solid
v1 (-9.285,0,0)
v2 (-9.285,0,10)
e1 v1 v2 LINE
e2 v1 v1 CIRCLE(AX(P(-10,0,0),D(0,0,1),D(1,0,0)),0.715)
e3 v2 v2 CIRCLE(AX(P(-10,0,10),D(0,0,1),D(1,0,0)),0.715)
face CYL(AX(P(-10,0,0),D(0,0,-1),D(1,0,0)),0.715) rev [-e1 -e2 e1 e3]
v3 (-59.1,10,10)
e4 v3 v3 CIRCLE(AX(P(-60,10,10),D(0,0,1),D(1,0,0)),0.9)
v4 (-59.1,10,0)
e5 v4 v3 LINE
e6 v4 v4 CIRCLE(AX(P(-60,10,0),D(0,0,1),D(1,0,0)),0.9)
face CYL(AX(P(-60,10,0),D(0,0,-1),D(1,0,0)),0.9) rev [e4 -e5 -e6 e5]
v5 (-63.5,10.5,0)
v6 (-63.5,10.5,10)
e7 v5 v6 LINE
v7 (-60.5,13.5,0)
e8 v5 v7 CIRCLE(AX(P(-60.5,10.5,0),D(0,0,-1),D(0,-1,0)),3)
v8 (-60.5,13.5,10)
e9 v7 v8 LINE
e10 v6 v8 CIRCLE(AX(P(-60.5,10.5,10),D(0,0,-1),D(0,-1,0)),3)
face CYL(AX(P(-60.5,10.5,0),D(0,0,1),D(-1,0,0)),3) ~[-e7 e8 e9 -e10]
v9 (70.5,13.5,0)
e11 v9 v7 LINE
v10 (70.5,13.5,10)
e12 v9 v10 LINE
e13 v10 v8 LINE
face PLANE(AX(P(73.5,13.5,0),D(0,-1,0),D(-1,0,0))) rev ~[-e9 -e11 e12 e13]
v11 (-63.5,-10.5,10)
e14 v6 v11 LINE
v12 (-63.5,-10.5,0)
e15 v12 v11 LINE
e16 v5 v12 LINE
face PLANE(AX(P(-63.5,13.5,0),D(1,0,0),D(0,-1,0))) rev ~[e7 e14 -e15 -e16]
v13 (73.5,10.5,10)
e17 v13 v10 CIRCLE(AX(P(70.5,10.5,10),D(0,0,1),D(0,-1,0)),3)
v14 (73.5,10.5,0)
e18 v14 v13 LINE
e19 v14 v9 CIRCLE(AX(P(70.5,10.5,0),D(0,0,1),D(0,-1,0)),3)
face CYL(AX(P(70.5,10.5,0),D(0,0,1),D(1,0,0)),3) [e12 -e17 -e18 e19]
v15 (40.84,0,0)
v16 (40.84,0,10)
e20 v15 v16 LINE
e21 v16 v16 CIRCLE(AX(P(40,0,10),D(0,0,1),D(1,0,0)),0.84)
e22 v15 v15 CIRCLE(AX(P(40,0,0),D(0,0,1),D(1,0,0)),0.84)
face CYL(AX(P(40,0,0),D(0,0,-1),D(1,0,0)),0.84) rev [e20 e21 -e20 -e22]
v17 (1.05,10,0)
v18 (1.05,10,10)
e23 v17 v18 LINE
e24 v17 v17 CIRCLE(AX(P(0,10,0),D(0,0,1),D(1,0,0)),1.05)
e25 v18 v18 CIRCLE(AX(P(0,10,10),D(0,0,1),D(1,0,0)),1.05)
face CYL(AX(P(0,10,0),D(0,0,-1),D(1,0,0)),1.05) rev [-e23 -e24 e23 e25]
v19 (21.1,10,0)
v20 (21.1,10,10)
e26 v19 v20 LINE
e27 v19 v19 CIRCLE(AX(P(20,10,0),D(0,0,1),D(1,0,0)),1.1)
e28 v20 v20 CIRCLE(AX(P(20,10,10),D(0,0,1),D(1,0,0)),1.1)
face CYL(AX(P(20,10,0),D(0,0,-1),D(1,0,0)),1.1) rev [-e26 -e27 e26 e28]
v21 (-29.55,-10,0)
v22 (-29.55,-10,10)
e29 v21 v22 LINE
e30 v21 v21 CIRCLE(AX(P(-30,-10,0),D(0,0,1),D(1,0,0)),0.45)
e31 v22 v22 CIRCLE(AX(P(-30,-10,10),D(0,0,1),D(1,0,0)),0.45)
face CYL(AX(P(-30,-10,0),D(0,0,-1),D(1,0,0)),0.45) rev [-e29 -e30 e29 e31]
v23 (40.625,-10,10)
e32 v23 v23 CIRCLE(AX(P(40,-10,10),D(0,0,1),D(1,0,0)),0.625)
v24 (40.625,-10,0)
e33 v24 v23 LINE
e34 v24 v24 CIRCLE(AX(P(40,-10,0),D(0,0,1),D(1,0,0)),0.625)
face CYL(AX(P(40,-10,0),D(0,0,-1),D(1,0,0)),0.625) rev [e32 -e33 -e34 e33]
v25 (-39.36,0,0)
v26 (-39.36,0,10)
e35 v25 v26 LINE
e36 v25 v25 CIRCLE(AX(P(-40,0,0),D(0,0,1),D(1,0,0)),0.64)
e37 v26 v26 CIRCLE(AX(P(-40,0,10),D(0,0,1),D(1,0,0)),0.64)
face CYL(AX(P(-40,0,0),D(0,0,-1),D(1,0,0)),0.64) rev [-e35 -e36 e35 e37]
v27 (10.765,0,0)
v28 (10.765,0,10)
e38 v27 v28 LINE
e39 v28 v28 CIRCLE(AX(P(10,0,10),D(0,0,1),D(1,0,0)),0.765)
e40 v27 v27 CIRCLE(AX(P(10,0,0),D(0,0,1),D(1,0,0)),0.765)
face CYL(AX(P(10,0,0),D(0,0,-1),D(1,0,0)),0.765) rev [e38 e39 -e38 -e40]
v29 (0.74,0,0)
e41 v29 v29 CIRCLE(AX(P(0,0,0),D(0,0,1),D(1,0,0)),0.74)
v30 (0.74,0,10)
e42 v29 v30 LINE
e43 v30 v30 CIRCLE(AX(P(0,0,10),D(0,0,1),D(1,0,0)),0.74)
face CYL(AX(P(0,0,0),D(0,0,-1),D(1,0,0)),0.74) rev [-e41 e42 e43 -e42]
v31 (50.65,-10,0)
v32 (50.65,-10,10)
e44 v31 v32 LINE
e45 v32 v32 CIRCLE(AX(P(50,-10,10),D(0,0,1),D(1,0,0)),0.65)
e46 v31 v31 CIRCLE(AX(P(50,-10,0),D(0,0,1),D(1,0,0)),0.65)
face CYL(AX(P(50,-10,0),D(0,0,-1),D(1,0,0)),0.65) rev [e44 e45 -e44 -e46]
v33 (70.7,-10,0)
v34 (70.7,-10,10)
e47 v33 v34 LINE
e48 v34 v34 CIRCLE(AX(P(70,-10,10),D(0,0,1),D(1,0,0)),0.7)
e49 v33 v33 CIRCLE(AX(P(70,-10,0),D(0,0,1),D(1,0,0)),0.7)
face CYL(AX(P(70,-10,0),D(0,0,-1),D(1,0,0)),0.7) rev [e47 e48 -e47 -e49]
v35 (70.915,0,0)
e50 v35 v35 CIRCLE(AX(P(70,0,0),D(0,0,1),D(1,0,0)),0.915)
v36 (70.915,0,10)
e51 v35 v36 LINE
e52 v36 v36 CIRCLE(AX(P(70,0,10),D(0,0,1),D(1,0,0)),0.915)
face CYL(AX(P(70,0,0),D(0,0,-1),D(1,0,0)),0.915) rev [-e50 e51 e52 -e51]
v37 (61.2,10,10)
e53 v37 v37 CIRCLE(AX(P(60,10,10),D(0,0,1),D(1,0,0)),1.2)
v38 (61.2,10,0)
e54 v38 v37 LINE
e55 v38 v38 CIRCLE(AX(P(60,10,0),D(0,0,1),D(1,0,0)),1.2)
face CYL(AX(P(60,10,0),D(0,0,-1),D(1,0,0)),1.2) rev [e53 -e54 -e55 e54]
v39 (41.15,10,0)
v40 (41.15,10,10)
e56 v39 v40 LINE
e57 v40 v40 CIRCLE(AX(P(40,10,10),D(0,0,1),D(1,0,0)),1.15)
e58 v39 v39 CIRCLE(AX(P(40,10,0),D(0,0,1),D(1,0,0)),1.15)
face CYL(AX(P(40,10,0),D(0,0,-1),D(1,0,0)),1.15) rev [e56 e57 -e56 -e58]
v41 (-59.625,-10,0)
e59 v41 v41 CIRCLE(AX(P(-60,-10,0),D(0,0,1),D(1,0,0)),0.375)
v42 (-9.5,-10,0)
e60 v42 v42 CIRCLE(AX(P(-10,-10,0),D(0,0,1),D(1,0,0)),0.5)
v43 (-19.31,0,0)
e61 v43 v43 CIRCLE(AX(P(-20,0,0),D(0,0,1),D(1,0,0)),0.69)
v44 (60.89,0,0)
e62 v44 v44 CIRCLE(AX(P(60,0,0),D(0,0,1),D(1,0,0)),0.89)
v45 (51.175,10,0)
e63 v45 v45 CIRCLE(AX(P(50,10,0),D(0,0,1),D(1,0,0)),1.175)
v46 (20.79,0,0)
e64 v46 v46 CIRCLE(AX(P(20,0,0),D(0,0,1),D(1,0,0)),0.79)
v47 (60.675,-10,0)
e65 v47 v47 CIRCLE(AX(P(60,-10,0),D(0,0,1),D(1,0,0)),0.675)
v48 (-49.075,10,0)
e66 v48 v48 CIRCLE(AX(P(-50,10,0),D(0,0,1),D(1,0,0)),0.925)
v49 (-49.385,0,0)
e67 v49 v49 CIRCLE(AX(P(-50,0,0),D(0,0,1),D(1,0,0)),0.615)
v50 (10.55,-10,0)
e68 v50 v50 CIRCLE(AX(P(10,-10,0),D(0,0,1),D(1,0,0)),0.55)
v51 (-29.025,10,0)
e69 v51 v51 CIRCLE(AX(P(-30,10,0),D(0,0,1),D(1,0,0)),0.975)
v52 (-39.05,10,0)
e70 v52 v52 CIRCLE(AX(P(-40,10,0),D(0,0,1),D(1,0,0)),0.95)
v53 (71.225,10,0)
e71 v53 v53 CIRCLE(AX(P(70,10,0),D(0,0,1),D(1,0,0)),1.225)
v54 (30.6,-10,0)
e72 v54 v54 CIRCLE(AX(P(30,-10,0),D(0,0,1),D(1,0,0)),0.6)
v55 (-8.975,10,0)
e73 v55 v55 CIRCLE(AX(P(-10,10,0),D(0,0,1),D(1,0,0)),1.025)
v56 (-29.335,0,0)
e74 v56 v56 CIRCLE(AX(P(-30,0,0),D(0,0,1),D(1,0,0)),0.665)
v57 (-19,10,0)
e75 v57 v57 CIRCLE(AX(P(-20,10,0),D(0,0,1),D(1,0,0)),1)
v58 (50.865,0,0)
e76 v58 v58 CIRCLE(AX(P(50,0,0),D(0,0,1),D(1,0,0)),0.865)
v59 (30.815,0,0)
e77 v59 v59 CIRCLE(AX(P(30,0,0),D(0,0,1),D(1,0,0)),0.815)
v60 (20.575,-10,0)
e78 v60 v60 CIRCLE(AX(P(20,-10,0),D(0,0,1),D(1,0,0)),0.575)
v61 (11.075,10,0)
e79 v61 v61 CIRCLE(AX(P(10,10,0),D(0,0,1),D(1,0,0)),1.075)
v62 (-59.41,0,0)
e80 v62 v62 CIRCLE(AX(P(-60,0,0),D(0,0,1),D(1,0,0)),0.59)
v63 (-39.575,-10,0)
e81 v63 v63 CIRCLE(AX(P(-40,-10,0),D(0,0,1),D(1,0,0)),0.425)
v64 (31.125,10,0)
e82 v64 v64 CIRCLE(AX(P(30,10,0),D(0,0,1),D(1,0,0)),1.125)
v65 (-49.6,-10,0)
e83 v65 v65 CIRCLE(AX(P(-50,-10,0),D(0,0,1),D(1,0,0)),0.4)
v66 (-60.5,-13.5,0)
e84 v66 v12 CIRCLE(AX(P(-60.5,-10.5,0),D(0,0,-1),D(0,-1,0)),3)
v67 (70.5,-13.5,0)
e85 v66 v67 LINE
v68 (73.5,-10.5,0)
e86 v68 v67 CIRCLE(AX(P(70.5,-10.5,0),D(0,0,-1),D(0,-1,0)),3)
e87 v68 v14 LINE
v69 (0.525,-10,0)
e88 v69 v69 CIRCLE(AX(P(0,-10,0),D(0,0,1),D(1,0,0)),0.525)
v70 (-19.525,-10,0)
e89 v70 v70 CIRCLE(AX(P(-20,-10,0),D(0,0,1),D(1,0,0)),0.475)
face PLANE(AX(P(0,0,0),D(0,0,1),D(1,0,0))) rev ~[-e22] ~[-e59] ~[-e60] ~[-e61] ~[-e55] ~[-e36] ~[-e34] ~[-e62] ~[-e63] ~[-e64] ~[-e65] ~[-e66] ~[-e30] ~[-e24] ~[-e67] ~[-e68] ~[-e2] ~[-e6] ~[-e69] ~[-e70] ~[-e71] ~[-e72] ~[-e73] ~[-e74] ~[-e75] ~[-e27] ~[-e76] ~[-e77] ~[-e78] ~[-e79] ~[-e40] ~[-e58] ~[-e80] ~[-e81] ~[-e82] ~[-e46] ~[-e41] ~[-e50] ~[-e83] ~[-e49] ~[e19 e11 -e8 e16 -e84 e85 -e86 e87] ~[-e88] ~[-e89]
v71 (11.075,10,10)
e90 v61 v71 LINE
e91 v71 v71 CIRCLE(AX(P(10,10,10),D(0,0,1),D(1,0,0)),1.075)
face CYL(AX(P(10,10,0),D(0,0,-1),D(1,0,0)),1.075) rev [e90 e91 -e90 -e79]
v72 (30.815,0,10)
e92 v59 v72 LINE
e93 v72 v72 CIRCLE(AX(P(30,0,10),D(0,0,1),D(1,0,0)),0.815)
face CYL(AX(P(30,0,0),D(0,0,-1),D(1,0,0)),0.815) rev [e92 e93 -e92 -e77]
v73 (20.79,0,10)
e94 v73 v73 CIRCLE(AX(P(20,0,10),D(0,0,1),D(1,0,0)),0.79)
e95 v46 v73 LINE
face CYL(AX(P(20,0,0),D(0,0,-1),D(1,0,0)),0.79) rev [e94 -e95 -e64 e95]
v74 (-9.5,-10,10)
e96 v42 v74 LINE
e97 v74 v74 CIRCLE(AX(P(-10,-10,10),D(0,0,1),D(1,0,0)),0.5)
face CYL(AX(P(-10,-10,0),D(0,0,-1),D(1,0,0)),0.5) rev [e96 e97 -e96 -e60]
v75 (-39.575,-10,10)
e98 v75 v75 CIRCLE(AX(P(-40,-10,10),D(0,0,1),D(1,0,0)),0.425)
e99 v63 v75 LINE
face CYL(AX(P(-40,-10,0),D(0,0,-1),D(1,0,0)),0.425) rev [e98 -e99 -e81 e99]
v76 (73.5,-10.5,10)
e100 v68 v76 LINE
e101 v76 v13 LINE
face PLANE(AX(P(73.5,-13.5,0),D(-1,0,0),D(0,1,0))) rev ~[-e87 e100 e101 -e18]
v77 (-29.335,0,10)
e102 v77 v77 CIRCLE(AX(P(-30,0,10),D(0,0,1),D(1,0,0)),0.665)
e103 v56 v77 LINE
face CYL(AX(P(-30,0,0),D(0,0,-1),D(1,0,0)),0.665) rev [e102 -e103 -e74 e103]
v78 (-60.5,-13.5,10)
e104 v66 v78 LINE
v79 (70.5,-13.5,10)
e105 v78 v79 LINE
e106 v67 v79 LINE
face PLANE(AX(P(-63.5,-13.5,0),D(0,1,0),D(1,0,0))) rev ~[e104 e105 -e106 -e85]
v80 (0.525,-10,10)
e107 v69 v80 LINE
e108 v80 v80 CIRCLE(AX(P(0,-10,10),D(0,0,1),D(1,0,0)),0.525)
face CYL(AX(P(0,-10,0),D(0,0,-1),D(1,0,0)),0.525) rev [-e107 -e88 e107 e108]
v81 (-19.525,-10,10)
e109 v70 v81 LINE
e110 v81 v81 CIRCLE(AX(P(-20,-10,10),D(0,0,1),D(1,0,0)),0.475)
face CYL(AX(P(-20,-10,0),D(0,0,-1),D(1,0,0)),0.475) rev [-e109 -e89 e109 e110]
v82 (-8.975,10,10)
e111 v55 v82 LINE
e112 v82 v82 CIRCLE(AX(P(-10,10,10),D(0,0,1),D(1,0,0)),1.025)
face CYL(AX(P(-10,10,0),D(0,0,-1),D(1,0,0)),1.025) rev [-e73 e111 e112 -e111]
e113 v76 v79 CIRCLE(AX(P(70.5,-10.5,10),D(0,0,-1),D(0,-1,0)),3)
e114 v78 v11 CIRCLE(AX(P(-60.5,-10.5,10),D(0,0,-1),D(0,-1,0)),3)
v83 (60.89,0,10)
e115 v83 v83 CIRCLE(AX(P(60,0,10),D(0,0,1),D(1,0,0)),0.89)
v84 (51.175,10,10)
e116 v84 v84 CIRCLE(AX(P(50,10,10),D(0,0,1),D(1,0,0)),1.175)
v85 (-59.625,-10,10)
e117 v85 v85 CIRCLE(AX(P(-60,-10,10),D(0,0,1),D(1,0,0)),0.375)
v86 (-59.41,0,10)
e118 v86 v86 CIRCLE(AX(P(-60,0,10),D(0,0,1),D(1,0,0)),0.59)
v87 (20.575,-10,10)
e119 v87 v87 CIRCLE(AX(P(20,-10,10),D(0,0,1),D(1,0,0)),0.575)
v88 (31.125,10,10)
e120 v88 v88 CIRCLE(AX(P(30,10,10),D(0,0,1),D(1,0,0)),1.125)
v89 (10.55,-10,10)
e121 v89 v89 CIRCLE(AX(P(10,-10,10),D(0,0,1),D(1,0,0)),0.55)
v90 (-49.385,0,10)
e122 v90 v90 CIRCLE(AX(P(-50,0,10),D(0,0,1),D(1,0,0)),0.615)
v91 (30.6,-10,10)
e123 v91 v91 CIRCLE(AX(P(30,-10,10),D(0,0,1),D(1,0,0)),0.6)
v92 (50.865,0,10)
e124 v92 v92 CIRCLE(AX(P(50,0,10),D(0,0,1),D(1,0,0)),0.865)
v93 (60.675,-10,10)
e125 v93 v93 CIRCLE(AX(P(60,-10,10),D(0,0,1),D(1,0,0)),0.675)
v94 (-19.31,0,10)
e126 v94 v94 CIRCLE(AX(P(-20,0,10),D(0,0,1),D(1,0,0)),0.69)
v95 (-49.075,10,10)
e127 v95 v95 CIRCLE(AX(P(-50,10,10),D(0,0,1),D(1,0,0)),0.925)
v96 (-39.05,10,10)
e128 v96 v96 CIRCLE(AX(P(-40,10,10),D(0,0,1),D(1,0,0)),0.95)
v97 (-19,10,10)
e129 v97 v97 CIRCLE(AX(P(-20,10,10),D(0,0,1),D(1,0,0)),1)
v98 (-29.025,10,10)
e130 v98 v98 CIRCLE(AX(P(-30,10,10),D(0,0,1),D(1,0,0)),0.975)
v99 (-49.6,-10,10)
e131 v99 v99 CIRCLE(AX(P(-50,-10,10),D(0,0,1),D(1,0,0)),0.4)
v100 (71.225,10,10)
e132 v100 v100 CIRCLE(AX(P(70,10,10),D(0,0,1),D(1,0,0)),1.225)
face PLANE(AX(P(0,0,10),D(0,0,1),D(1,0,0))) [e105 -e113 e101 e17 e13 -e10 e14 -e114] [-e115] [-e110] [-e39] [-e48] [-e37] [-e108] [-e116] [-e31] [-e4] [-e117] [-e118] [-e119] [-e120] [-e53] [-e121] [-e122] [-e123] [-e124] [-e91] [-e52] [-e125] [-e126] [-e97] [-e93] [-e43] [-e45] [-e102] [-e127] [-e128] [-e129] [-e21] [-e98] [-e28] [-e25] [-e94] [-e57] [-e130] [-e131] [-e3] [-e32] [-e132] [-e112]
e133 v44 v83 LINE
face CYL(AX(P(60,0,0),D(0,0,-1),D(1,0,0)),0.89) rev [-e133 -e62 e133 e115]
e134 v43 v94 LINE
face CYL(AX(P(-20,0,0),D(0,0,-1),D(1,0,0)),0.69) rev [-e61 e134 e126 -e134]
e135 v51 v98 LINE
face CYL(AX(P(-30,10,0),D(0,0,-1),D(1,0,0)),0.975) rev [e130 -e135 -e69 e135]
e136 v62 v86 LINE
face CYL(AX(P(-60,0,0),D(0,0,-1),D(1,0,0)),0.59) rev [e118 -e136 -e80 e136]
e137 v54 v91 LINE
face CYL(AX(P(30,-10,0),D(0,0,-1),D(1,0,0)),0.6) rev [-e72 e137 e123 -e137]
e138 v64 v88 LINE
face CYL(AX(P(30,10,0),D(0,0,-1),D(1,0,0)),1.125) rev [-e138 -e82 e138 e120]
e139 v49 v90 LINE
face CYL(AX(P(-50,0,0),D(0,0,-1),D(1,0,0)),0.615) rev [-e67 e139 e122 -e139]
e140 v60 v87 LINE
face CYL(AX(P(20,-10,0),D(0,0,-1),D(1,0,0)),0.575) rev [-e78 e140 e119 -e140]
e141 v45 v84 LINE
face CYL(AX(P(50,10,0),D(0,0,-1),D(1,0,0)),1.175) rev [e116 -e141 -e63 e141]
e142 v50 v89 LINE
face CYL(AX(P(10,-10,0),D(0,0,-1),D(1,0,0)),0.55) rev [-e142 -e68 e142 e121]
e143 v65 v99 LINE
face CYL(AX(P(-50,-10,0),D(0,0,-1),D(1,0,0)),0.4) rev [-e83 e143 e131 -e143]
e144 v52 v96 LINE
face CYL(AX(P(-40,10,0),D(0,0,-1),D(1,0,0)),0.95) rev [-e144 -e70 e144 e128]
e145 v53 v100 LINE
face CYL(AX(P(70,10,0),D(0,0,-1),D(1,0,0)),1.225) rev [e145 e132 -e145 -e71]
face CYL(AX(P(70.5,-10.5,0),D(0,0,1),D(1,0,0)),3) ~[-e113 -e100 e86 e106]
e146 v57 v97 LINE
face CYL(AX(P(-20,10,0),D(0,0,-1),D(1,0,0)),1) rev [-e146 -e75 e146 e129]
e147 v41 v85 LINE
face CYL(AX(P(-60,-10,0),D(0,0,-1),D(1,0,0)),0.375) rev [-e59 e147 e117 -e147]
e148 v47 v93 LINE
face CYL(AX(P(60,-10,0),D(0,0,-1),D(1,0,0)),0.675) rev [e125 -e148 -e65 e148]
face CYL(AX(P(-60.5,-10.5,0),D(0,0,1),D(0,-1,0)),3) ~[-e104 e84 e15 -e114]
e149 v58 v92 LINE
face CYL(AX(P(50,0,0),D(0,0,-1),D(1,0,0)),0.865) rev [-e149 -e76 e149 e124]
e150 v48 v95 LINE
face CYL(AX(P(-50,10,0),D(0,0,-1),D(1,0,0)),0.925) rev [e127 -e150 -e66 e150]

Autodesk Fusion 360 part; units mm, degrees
sketch "Sketch1" plane through (0, 0, 0) normal (0, 0, 1) x (1, 0, 0)
  circle A0 centre (0, 0) radius 0.74
  circle A1 centre (10, 0) radius 0.765
  circle A2 centre (20, 0) radius 0.79
  circle A3 centre (30, 0) radius 0.815
  circle A4 centre (40, 0) radius 0.84
  line L0 (0, 0) -> (10, 0) construction
  line L1 (10, 0) -> (20, 0) construction
  line L2 (20, 0) -> (30, 0) construction
  line L3 (30, 0) -> (40, 0) construction
  circle A5 centre (50, 0) radius 0.865
  circle A6 centre (60, 0) radius 0.89
  circle A7 centre (70, 0) radius 0.915
  line L4 (40, 0) -> (50, 0) construction
  line L5 (50, 0) -> (60, 0) construction
  line L6 (60, 0) -> (70, 0) construction
  line L7 (-50, 0) -> (-40, 0) construction
  line L8 (-40, 0) -> (-30, 0) construction
  circle A8 centre (-40, 0) radius 0.64
  line L9 (-10, 0) -> (0, 0) construction
  circle A9 centre (-50, 0) radius 0.615
  circle A10 centre (-30, 0) radius 0.665
  circle A11 centre (-60, 0) radius 0.59
  circle A12 centre (-20, 0) radius 0.69
  line L10 (-30, 0) -> (-20, 0) construction
  line L11 (-60, 0) -> (-50, 0) construction
  line L12 (-20, 0) -> (-10, 0) construction
  circle A13 centre (-10, 0) radius 0.715
  line L13 (0, 0) -> (0, 10) construction
  circle A14 centre (-40, 10) radius 0.95
  line L14 (-50, 10) -> (-40, 10) construction
  line L15 (20, 10) -> (30, 10) construction
  circle A15 centre (20, 10) radius 1.1
  line L16 (-30, 10) -> (-20, 10) construction
  circle A16 centre (0, 10) radius 1.05
  circle A17 centre (-50, 10) radius 0.925
  line L17 (-60, 10) -> (-50, 10) construction
  line L18 (40, 10) -> (50, 10) construction
  line L19 (-40, 10) -> (-30, 10) construction
  circle A18 centre (10, 10) radius 1.075
  circle A19 centre (-30, 10) radius 0.975
  line L20 (-20, 10) -> (-10, 10) construction
  circle A20 centre (60, 10) radius 1.2
  circle A21 centre (70, 10) radius 1.225
  line L21 (60, 10) -> (70, 10) construction
  circle A22 centre (30, 10) radius 1.125
  line L22 (50, 10) -> (60, 10) construction
  circle A23 centre (40, 10) radius 1.15
  circle A24 centre (50, 10) radius 1.175
  line L23 (30, 10) -> (40, 10) construction
  circle A25 centre (-10, 10) radius 1.025
  line L24 (-10, 10) -> (0, 10) construction
  line L25 (0, 10) -> (10, 10) construction
  circle A26 centre (-20, 10) radius 1
  circle A27 centre (-60, 10) radius 0.9
  line L26 (10, 10) -> (20, 10) construction
  line L27 (0, 0) -> (0, -10) construction
  line L28 (0, -10) -> (10, -10) construction
  circle A28 centre (30, -10) radius 0.6
  circle A29 centre (20, -10) radius 0.575
  circle A30 centre (40, -10) radius 0.625
  line L29 (50, -10) -> (60, -10) construction
  circle A31 centre (70, -10) radius 0.7
  circle A32 centre (10, -10) radius 0.55
  line L30 (20, -10) -> (30, -10) construction
  circle A33 centre (0, -10) radius 0.525
  line L31 (-20, -10) -> (-10, -10) construction
  circle A34 centre (-10, -10) radius 0.5
  circle A35 centre (-20, -10) radius 0.475
  line L32 (-10, -10) -> (0, -10) construction
  circle A36 centre (-40, -10) radius 0.425
  circle A37 centre (-60, -10) radius 0.375
  line L33 (-60, -10) -> (-50, -10) construction
  line L34 (-30, -10) -> (-20, -10) construction
  circle A38 centre (-50, -10) radius 0.4
  line L35 (-40, -10) -> (-30, -10) construction
  line L36 (-50, -10) -> (-40, -10) construction
  circle A39 centre (-30, -10) radius 0.45
  circle A40 centre (50, -10) radius 0.65
  line L37 (10, -10) -> (20, -10) construction
  line L38 (40, -10) -> (50, -10) construction
  line L39 (60, -10) -> (70, -10) construction
  line L40 (30, -10) -> (40, -10) construction
  circle A41 centre (60, -10) radius 0.675
  line L41 (73.5, 13.5) -> (-63.5, 13.5)
  line L42 (-63.5, 13.5) -> (-63.5, -13.5)
  line L43 (-63.5, -13.5) -> (73.5, -13.5)
  line L44 (73.5, -13.5) -> (73.5, 13.5)
  line L45 (73.5, 13.5) -> (-63.5, -13.5) construction
  line L46 (-63.5, 13.5) -> (73.5, -13.5) construction
  point P0 (-60, 0)
  point P1 (-60, 10)
  point P2 (0, 10)
  point P3 (0, 10)
  point P4 (0, -10)
  point P5 (-60, -10)
  point P6 (0, -10)
  point P7 (0, -10)
  point P8 (5, 0)
  dimension "d1" = 1.48
  dimension "d2" = 10
  dimension "d3" = 1.53
  dimension "d4" = 1.58
  dimension "d5" = 1.63
  dimension "d6" = 1.68
  dimension "d7" = 1.73
  dimension "d8" = 1.78
  dimension "d9" = 1.83
  dimension "d10" = 1.18
  dimension "d11" = 10
  dimension "d12" = 1.23
  dimension "d13" = 1.28
  dimension "d14" = 1.33
  dimension "d15" = 1.38
  dimension "d16" = 1.43
  dimension "d18" = 10
  dimension "d19" = 2.1
  dimension "d20" = 10
  dimension "d21" = 2.15
  dimension "d22" = 2.2
  dimension "d23" = 2.25
  dimension "d24" = 2.3
  dimension "d25" = 2.35
  dimension "d26" = 2.4
  dimension "d27" = 2.45
  dimension "d28" = 1.8
  dimension "d29" = 10
  dimension "d30" = 1.85
  dimension "d31" = 1.9
  dimension "d32" = 1.95
  dimension "d33" = 2
  dimension "d34" = 2.05
  dimension "d35" = 1.05
  dimension "d36" = 10
  dimension "d37" = 1.1
  dimension "d38" = 1.15
  dimension "d39" = 1.2
  dimension "d40" = 1.25
  dimension "d41" = 1.3
  dimension "d42" = 1.35
  dimension "d43" = 1.4
  dimension "d44" = 0.75
  dimension "d45" = 10
  dimension "d46" = 0.8
  dimension "d47" = 0.85
  dimension "d48" = 0.9
  dimension "d49" = 0.95
  dimension "d50" = 1
  dimension "d51" = 137
  dimension "d52" = 27
extrude "Extrude1" add sketch "Sketch1" along normal blind 10
fillet "Fillet1" radius 3 4 edges at (73.5, -13.5, 5) (73.5, 13.5, 5) (-63.5, -13.5, 5) (-63.5, 13.5, 5)
equation "d2 = d18"
equation "d3 = d1 + 0.05 mm"
equation "d4 = d3 + 0.05 mm"
equation "d5 = d4 + 0.05 mm"
equation "d6 = d5 + 0.05 mm"
equation "d7 = d6 + 0.05 mm"
equation "d8 = d7 + 0.05 mm"
equation "d9 = d8 + 0.05 mm"
equation "d10 = d12 - 0.05 mm"
equation "d11 = d2"
equation "d12 = d13 - 0.05 mm"
equation "d13 = d14 - 0.05 mm"
equation "d14 = d15 - 0.05 mm"
equation "d15 = d16 - 0.05 mm"
equation "d16 = d1 - 0.05 mm"
equation "d20 = d2"
equation "d21 = d19 + 0.05 mm"
equation "d22 = d19 + 0.1 mm"
equation "d23 = d19 + 0.15 mm"
equation "d24 = d19 + 0.2 mm"
equation "d25 = d19 + 0.25 mm"
equation "d26 = d19 + 0.3 mm"
equation "d27 = d19 + 0.35 mm"
equation "d28 = d19 - 0.3 mm"
equation "d29 = d2"
equation "d30 = d19 - 0.25 mm"
equation "d31 = d19 - 0.2 mm"
equation "d32 = d19 - 0.15 mm"
equation "d33 = d19 - 0.1 mm"
equation "d34 = d19 - 0.05 mm"
equation "d36 = d2"
equation "d37 = d35 + 0.05 mm"
equation "d38 = d37 + 0.05 mm"
equation "d39 = d38 + 0.05 mm"
equation "d40 = d39 + 0.05 mm"
equation "d41 = d40 + 0.05 mm"
equation "d42 = d41 + 0.05 mm"
equation "d43 = d42 + 0.05 mm"
equation "d44 = d46 - 0.05 mm"
equation "d45 = d2"
equation "d46 = d47 - 0.05 mm"
equation "d47 = d48 - 0.05 mm"
equation "d48 = d49 - 0.05 mm"
equation "d49 = d50 - 0.05 mm"
equation "d50 = d35 - 0.05 mm"
